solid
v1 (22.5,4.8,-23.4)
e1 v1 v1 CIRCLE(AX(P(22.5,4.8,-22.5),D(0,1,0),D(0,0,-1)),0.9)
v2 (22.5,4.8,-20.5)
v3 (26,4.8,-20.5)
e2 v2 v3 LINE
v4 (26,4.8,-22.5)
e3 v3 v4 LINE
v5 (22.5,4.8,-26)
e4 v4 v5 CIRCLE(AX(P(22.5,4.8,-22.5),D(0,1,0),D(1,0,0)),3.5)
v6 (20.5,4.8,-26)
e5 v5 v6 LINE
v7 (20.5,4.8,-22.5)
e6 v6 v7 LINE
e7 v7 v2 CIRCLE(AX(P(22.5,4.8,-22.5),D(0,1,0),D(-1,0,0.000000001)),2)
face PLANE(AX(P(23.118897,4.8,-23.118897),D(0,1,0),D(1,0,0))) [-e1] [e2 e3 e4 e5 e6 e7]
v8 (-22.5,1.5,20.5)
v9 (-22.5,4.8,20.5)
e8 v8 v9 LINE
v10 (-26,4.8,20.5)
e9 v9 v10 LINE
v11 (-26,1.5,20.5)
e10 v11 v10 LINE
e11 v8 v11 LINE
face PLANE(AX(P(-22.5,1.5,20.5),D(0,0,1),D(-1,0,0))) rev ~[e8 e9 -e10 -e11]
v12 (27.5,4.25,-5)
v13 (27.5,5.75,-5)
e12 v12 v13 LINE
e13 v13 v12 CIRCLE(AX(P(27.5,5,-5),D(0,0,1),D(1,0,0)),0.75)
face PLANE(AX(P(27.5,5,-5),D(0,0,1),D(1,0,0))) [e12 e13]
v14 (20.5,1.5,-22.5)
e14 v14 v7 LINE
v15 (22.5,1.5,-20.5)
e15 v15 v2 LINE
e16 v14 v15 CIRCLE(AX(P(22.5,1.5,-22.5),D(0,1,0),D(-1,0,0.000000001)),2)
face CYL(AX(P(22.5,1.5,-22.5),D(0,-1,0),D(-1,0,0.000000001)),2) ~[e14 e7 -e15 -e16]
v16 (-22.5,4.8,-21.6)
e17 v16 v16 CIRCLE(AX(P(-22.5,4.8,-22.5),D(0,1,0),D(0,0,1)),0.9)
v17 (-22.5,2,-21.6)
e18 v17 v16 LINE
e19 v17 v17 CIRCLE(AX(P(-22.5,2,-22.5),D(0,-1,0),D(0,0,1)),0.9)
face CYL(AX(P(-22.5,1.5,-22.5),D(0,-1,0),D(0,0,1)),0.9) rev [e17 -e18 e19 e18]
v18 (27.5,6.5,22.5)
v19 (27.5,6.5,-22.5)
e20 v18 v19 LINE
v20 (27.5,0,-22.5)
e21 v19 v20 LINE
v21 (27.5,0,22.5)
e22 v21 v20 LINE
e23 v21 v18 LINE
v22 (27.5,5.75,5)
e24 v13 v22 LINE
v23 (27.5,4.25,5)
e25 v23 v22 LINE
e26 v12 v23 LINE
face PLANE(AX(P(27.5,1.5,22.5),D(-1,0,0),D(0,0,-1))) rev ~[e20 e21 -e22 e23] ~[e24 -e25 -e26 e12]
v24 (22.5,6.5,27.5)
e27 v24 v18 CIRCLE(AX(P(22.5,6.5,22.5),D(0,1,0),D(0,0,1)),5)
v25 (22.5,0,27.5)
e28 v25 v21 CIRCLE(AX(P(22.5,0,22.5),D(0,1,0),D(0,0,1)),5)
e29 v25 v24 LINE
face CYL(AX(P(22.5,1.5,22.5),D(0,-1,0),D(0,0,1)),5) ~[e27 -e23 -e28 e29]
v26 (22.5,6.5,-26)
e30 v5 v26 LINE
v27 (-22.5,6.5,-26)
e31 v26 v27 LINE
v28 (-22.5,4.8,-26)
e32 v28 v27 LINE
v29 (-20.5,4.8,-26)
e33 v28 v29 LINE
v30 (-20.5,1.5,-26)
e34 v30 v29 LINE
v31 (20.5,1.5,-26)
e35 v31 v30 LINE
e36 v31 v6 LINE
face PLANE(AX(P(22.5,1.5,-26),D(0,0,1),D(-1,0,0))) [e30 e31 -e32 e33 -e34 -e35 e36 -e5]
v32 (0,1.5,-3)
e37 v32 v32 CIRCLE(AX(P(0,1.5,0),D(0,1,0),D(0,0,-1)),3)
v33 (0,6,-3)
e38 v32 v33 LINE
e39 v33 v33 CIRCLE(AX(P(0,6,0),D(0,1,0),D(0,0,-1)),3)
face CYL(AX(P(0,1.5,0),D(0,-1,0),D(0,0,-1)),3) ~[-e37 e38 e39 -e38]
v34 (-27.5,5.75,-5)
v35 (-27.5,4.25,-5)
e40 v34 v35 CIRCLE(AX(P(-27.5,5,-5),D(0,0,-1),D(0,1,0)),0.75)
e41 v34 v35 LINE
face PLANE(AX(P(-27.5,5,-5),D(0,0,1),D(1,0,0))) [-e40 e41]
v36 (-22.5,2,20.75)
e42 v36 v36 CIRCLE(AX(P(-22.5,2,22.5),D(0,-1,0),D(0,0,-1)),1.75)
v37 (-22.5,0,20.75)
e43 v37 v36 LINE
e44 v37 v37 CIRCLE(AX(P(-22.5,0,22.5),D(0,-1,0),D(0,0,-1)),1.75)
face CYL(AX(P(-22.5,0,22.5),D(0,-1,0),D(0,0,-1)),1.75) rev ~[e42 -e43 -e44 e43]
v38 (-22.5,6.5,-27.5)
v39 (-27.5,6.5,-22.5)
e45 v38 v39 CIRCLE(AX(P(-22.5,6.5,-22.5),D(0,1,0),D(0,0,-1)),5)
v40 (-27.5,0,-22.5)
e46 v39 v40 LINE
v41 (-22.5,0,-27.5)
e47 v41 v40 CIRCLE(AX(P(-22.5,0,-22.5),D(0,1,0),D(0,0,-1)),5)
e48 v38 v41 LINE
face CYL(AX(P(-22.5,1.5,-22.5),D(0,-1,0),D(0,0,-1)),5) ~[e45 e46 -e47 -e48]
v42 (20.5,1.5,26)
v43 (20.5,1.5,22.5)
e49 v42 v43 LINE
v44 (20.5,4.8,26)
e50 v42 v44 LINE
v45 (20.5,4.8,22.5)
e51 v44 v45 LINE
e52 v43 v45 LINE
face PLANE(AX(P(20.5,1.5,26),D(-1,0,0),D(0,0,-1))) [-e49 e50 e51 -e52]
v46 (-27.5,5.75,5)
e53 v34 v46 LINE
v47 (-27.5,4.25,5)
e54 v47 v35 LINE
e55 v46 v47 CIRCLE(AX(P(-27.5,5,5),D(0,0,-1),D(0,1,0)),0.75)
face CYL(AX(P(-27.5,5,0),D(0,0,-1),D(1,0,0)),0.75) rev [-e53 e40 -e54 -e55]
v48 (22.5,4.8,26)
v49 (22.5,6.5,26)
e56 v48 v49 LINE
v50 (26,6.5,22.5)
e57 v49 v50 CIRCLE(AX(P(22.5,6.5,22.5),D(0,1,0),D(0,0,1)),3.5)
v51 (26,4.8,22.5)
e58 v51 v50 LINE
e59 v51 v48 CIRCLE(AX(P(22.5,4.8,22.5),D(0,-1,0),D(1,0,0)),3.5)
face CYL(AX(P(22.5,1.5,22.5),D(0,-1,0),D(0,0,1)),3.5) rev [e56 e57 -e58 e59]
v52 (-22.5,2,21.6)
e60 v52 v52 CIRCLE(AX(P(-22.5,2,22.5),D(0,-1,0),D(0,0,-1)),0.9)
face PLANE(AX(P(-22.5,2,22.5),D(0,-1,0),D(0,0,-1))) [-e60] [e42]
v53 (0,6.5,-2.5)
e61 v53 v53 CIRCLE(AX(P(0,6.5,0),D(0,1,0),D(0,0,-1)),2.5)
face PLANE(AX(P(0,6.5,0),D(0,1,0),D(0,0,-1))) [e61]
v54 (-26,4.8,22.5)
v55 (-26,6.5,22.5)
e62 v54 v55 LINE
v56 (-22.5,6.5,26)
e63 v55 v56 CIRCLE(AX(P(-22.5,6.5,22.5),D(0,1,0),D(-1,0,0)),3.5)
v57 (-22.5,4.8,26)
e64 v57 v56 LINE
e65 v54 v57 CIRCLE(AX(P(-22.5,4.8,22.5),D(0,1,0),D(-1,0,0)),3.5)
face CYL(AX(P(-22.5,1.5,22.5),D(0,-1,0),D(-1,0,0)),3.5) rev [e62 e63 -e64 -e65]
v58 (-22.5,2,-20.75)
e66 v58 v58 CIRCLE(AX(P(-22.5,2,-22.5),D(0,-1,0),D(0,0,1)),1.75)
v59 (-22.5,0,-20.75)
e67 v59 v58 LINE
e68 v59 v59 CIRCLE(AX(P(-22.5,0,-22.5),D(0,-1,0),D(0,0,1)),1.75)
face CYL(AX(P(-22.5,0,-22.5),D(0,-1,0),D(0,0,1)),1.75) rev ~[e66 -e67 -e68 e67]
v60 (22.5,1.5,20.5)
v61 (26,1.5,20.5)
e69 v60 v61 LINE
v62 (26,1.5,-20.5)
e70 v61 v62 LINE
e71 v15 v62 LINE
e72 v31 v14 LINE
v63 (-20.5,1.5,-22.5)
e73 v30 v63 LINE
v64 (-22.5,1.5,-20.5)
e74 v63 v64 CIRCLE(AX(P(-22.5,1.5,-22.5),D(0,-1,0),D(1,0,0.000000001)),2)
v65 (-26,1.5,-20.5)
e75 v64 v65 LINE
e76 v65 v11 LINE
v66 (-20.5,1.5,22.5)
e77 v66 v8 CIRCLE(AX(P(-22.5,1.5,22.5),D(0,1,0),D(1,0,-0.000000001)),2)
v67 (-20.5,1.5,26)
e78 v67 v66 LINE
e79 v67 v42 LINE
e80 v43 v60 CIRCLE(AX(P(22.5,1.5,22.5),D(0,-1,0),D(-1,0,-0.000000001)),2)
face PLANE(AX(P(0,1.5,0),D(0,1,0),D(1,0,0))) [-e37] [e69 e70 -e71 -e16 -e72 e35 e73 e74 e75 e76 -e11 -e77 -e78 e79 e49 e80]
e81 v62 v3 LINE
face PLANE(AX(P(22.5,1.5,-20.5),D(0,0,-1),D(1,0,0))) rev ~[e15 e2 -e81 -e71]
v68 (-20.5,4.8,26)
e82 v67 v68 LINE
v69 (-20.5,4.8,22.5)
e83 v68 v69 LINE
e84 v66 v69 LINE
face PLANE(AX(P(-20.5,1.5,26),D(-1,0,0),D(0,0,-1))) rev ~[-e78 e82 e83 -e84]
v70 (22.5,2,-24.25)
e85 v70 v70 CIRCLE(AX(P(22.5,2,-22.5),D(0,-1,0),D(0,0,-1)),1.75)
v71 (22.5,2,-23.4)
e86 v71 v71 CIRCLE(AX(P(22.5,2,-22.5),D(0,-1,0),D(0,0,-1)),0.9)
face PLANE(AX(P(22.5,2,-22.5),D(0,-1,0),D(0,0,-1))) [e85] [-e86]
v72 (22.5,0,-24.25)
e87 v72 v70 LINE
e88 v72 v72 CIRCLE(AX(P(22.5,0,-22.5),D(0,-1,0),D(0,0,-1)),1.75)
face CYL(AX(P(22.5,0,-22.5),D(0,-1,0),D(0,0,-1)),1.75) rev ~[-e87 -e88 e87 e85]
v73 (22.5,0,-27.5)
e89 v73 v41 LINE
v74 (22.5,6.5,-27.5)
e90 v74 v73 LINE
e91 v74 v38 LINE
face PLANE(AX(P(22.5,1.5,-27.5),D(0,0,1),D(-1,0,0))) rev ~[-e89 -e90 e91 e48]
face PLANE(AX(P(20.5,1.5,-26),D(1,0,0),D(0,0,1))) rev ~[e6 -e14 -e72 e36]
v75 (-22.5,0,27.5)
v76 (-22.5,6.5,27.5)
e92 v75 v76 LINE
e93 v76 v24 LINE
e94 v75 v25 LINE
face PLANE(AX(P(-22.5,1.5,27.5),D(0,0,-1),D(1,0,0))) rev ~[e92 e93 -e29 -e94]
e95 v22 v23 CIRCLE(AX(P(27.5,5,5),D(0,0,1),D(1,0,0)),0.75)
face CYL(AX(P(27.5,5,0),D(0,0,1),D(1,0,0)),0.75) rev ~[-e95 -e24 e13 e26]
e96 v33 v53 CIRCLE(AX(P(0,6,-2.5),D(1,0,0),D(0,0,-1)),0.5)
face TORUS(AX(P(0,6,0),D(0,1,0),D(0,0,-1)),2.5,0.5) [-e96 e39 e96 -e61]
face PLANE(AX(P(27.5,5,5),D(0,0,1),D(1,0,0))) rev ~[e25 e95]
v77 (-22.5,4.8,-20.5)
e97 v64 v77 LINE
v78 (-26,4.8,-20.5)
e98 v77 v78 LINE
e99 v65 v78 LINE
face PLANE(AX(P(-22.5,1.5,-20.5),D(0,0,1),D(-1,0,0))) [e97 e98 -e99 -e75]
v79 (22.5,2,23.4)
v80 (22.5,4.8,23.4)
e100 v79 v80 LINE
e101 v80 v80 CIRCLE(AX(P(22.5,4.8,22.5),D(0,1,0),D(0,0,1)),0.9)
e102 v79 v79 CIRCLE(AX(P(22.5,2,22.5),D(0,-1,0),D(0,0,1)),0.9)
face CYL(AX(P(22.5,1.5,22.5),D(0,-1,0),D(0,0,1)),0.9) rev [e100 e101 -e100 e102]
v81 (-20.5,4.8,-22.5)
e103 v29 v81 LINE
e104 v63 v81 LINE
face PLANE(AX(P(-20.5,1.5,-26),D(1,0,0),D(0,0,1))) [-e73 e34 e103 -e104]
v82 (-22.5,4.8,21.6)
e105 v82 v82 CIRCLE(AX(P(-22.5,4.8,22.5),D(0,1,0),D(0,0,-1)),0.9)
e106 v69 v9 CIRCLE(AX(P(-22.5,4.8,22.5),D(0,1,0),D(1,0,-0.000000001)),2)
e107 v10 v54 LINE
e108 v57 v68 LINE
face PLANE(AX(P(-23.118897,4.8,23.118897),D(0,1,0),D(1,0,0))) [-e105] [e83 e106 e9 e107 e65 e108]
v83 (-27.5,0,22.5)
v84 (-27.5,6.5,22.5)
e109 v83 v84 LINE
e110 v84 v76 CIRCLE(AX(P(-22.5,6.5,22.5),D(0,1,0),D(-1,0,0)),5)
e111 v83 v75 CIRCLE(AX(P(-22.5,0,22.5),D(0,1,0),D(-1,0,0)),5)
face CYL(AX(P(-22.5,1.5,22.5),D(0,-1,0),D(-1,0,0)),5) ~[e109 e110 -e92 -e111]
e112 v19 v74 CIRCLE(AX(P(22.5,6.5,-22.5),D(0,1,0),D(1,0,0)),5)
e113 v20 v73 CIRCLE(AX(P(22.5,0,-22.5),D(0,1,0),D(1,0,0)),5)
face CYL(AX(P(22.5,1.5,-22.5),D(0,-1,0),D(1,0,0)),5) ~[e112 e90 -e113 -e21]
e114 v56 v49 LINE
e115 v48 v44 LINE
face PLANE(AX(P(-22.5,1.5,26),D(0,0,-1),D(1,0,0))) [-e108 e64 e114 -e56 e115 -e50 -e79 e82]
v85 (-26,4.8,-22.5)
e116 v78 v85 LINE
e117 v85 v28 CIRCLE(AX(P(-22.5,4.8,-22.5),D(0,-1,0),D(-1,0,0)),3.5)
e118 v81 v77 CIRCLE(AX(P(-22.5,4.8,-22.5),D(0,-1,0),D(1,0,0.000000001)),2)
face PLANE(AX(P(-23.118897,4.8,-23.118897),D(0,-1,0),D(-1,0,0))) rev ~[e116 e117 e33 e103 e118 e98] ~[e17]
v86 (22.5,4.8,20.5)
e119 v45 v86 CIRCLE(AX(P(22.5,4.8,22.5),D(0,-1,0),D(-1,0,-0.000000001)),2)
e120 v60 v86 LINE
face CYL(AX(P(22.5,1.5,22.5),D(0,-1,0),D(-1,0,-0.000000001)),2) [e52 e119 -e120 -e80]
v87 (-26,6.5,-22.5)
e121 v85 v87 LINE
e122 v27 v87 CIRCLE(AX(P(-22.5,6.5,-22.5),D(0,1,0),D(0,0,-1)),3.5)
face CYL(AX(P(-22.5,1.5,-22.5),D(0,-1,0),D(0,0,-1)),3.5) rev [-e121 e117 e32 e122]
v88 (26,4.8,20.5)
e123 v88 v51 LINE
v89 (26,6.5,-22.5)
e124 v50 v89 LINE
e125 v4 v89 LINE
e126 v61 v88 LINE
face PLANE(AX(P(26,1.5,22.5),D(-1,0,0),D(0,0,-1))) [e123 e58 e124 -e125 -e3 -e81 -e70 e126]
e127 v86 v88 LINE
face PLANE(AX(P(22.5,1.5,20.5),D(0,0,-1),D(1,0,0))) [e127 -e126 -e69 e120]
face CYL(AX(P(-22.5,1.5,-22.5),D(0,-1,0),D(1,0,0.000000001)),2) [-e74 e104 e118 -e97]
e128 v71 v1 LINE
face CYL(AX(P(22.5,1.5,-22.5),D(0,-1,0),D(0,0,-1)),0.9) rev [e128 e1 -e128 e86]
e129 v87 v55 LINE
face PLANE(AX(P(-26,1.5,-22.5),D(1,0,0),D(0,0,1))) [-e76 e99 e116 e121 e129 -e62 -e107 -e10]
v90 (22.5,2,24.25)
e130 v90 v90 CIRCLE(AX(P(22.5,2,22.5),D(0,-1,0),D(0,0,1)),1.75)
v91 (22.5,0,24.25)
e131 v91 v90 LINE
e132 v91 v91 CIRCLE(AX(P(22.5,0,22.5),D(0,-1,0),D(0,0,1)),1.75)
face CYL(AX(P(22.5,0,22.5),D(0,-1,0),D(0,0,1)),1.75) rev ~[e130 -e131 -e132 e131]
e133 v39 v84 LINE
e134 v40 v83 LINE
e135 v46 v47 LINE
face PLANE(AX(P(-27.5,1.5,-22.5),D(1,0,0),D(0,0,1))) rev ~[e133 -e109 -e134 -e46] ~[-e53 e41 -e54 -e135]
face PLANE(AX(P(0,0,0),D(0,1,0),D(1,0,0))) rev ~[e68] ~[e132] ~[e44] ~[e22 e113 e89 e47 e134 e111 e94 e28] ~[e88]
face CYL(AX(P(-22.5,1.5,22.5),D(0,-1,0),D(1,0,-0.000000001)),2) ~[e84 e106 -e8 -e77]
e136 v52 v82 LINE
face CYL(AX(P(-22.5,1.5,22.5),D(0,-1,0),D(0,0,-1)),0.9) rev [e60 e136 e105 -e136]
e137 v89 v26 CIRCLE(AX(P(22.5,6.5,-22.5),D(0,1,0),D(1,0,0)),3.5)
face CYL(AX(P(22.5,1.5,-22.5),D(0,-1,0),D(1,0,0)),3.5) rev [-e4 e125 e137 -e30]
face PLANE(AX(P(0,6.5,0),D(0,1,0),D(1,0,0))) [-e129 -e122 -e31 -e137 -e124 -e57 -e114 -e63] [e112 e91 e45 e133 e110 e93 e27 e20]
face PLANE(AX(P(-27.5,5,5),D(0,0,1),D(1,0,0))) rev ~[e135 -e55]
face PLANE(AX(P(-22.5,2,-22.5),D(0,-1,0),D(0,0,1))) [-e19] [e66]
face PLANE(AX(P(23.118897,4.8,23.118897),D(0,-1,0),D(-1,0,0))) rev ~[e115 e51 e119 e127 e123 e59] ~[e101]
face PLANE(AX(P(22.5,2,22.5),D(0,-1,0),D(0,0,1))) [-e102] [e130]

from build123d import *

# Parameters (mm, degrees)
BOSS_EXTRUDE1_DEPTH = 1.5
BOSS_EXTRUDE2_DEPTH = 5
SKETCH5_R           = 3
BOSS_EXTRUDE3_DEPTH = 5
SKETCH6_R           = 0.9
BOSS_EXTRUDE4_DEPTH = 3.3
FILLET1_R           = 0.5
SKETCH7_R           = 1.75
CUT_EXTRUDE1_DEPTH  = 2
SKETCH9_R           = 0.75
CUT_EXTRUDE2_DEPTH  = 5


with BuildPart() as part:
    # Sketch1 → Boss-Extrude1 (new body)
    with BuildSketch(Plane(origin=(0, 0, 0), x_dir=(1, 0, 0), z_dir=(0, 1, 0))):
        with BuildLine():
            Line((-22.5, -27.5), (22.5, -27.5))
            ThreePointArc((22.5, -27.5), (26.035533906, -26.035533906), (27.5, -22.5))
            Line((27.5, -22.5), (27.5, 22.5))
            ThreePointArc((27.5, 22.5), (26.035533906, 26.035533906), (22.5, 27.5))
            Line((22.5, 27.5), (-22.5, 27.5))
            ThreePointArc((-22.5, 27.5), (-26.035533906, 26.035533906), (-27.5, 22.5))
            Line((-27.5, 22.5), (-27.5, -22.5))
            ThreePointArc((-27.5, -22.5), (-26.035533906, -26.035533906), (-22.5, -27.5))
        make_face()
    extrude(amount=BOSS_EXTRUDE1_DEPTH)

    # Sketch2 → Boss-Extrude2 (add)
    with BuildSketch(Plane(origin=(0, 1.5, 0), x_dir=(1, 0, 0), z_dir=(0, 1, 0))):
        with BuildLine():
            Line((-27.5, 22.5), (-27.5, -22.5))
            ThreePointArc((-27.5, -22.5), (-26.035533906, -26.035533906), (-22.5, -27.5))
            Line((-22.5, -27.5), (22.5, -27.5))
            ThreePointArc((22.5, -27.5), (26.035533906, -26.035533906), (27.5, -22.5))
            Line((27.5, -22.5), (27.5, 22.5))
            ThreePointArc((27.5, 22.5), (26.035533906, 26.035533906), (22.5, 27.5))
            Line((22.5, 27.5), (-22.5, 27.5))
            ThreePointArc((-22.5, 27.5), (-26.035533906, 26.035533906), (-27.5, 22.5))
        make_face()
        with BuildLine():
            Line((-26, 22.5), (-26, -22.5))
            ThreePointArc((-26, -22.5), (-24.974873734, -24.974873734), (-22.5, -26))
            Line((-22.5, -26), (22.5, -26))
            ThreePointArc((22.5, -26), (24.974873734, -24.974873734), (26, -22.5))
            Line((26, -22.5), (26, 22.5))
            ThreePointArc((26, 22.5), (24.974873734, 24.974873734), (22.5, 26))
            Line((22.5, 26), (-22.5, 26))
            ThreePointArc((-22.5, 26), (-24.974873734, 24.974873734), (-26, 22.5))
        make_face(mode=Mode.SUBTRACT)
    extrude(amount=BOSS_EXTRUDE2_DEPTH)

    # Sketch5 → Boss-Extrude3 (add)
    with BuildSketch(Plane(origin=(0, 1.5, 0), x_dir=(1, 0, 0), z_dir=(0, 1, 0))):
        with Locations(Location((0, 0, 0), (0, 0, 90))):
            Circle(SKETCH5_R)
    extrude(amount=BOSS_EXTRUDE3_DEPTH)

    # Sketch6 → Boss-Extrude4 (add)
    # profile 1 of 4: a face of its own
    with BuildSketch(Plane(origin=(0, 1.5, 0), x_dir=(1, 0, 0), z_dir=(0, 1, 0))):
        with BuildLine():
            Line((-20.5, 26), (-20.5, 22.5))
            ThreePointArc((-20.5, 22.5), (-21.085786438, 21.085786438), (-22.5, 20.5))
            Line((-22.5, 20.5), (-26, 20.5))
            Line((-26, 20.5), (-26, 22.5))
            ThreePointArc((-26, 22.5), (-24.974873734, 24.974873734), (-22.5, 26))
            Line((-22.5, 26), (-20.5, 26))
        make_face()
        with Locations(Location((-22.5, 22.5, 0), (0, 0, 270))):
            Circle(SKETCH6_R, mode=Mode.SUBTRACT)
    # profile 2 of 4: a face of its own
    with BuildSketch(Plane(origin=(0, 1.5, 0), x_dir=(1, 0, 0), z_dir=(0, 1, 0))):
        with BuildLine():
            Line((22.5, 26), (20.5, 26))
            Line((20.5, 26), (20.5, 22.5))
            ThreePointArc((20.5, 22.5), (21.085786438, 21.085786438), (22.5, 20.5))
            Line((22.5, 20.5), (26, 20.5))
            Line((26, 20.5), (26, 22.5))
            ThreePointArc((26, 22.5), (24.974873734, 24.974873734), (22.5, 26))
        make_face()
        with Locations(Location((22.5, 22.5, 0), (0, 0, 90))):
            Circle(SKETCH6_R, mode=Mode.SUBTRACT)
    # profile 3 of 4: a face of its own
    with BuildSketch(Plane(origin=(0, 1.5, 0), x_dir=(1, 0, 0), z_dir=(0, 1, 0))):
        with BuildLine():
            Line((20.5, -26), (20.5, -22.5))
            ThreePointArc((20.5, -22.5), (21.085786438, -21.085786438), (22.5, -20.5))
            Line((22.5, -20.5), (26, -20.5))
            Line((26, -20.5), (26, -22.5))
            ThreePointArc((26, -22.5), (24.974873734, -24.974873734), (22.5, -26))
            Line((22.5, -26), (20.5, -26))
        make_face()
        with Locations(Location((22.5, -22.5, 0), (0, 0, 270))):
            Circle(SKETCH6_R, mode=Mode.SUBTRACT)
    # profile 4 of 4: a face of its own
    with BuildSketch(Plane(origin=(0, 1.5, 0), x_dir=(1, 0, 0), z_dir=(0, 1, 0))):
        with BuildLine():
            Line((-22.5, -26), (-20.5, -26))
            Line((-20.5, -26), (-20.5, -22.5))
            ThreePointArc((-20.5, -22.5), (-21.085786438, -21.085786438), (-22.5, -20.5))
            Line((-22.5, -20.5), (-26, -20.5))
            Line((-26, -20.5), (-26, -22.5))
            ThreePointArc((-26, -22.5), (-24.974873734, -24.974873734), (-22.5, -26))
        make_face()
        with Locations(Location((-22.5, -22.5, 0), (0, 0, 90))):
            Circle(SKETCH6_R, mode=Mode.SUBTRACT)
    extrude(amount=BOSS_EXTRUDE4_DEPTH)

    # Fillet1
    fillet1_edges = [part.edges().sort_by_distance(p)[0] for p in [
        (0, 6.5, 3),
    ]]
    fillet(fillet1_edges, radius=FILLET1_R)

    # Sketch7 → Cut-Extrude1 (cut)
    with BuildSketch(Plane.XZ):
        with Locations(Location((-22.5, 22.5, 0), (0, 0, 270))):
            Circle(SKETCH7_R)
        with Locations(Location((22.5, 22.5, 0), (0, 0, 90))):
            Circle(SKETCH7_R)
        with Locations(Location((22.5, -22.5, 0), (0, 0, 270))):
            Circle(SKETCH7_R)
        with Locations(Location((-22.5, -22.5, 0), (0, 0, 90))):
            Circle(SKETCH7_R)
    extrude(amount=-CUT_EXTRUDE1_DEPTH, mode=Mode.SUBTRACT)

    # Sketch9 → Cut-Extrude2 (cut, symmetric)
    with BuildSketch(Plane.XY):
        with Locations((-27.5, 5)):
            Circle(SKETCH9_R)
        with Locations((27.5, 5)):
            Circle(SKETCH9_R)
    extrude(amount=CUT_EXTRUDE2_DEPTH, both=True, mode=Mode.SUBTRACT)


solid = part.part
